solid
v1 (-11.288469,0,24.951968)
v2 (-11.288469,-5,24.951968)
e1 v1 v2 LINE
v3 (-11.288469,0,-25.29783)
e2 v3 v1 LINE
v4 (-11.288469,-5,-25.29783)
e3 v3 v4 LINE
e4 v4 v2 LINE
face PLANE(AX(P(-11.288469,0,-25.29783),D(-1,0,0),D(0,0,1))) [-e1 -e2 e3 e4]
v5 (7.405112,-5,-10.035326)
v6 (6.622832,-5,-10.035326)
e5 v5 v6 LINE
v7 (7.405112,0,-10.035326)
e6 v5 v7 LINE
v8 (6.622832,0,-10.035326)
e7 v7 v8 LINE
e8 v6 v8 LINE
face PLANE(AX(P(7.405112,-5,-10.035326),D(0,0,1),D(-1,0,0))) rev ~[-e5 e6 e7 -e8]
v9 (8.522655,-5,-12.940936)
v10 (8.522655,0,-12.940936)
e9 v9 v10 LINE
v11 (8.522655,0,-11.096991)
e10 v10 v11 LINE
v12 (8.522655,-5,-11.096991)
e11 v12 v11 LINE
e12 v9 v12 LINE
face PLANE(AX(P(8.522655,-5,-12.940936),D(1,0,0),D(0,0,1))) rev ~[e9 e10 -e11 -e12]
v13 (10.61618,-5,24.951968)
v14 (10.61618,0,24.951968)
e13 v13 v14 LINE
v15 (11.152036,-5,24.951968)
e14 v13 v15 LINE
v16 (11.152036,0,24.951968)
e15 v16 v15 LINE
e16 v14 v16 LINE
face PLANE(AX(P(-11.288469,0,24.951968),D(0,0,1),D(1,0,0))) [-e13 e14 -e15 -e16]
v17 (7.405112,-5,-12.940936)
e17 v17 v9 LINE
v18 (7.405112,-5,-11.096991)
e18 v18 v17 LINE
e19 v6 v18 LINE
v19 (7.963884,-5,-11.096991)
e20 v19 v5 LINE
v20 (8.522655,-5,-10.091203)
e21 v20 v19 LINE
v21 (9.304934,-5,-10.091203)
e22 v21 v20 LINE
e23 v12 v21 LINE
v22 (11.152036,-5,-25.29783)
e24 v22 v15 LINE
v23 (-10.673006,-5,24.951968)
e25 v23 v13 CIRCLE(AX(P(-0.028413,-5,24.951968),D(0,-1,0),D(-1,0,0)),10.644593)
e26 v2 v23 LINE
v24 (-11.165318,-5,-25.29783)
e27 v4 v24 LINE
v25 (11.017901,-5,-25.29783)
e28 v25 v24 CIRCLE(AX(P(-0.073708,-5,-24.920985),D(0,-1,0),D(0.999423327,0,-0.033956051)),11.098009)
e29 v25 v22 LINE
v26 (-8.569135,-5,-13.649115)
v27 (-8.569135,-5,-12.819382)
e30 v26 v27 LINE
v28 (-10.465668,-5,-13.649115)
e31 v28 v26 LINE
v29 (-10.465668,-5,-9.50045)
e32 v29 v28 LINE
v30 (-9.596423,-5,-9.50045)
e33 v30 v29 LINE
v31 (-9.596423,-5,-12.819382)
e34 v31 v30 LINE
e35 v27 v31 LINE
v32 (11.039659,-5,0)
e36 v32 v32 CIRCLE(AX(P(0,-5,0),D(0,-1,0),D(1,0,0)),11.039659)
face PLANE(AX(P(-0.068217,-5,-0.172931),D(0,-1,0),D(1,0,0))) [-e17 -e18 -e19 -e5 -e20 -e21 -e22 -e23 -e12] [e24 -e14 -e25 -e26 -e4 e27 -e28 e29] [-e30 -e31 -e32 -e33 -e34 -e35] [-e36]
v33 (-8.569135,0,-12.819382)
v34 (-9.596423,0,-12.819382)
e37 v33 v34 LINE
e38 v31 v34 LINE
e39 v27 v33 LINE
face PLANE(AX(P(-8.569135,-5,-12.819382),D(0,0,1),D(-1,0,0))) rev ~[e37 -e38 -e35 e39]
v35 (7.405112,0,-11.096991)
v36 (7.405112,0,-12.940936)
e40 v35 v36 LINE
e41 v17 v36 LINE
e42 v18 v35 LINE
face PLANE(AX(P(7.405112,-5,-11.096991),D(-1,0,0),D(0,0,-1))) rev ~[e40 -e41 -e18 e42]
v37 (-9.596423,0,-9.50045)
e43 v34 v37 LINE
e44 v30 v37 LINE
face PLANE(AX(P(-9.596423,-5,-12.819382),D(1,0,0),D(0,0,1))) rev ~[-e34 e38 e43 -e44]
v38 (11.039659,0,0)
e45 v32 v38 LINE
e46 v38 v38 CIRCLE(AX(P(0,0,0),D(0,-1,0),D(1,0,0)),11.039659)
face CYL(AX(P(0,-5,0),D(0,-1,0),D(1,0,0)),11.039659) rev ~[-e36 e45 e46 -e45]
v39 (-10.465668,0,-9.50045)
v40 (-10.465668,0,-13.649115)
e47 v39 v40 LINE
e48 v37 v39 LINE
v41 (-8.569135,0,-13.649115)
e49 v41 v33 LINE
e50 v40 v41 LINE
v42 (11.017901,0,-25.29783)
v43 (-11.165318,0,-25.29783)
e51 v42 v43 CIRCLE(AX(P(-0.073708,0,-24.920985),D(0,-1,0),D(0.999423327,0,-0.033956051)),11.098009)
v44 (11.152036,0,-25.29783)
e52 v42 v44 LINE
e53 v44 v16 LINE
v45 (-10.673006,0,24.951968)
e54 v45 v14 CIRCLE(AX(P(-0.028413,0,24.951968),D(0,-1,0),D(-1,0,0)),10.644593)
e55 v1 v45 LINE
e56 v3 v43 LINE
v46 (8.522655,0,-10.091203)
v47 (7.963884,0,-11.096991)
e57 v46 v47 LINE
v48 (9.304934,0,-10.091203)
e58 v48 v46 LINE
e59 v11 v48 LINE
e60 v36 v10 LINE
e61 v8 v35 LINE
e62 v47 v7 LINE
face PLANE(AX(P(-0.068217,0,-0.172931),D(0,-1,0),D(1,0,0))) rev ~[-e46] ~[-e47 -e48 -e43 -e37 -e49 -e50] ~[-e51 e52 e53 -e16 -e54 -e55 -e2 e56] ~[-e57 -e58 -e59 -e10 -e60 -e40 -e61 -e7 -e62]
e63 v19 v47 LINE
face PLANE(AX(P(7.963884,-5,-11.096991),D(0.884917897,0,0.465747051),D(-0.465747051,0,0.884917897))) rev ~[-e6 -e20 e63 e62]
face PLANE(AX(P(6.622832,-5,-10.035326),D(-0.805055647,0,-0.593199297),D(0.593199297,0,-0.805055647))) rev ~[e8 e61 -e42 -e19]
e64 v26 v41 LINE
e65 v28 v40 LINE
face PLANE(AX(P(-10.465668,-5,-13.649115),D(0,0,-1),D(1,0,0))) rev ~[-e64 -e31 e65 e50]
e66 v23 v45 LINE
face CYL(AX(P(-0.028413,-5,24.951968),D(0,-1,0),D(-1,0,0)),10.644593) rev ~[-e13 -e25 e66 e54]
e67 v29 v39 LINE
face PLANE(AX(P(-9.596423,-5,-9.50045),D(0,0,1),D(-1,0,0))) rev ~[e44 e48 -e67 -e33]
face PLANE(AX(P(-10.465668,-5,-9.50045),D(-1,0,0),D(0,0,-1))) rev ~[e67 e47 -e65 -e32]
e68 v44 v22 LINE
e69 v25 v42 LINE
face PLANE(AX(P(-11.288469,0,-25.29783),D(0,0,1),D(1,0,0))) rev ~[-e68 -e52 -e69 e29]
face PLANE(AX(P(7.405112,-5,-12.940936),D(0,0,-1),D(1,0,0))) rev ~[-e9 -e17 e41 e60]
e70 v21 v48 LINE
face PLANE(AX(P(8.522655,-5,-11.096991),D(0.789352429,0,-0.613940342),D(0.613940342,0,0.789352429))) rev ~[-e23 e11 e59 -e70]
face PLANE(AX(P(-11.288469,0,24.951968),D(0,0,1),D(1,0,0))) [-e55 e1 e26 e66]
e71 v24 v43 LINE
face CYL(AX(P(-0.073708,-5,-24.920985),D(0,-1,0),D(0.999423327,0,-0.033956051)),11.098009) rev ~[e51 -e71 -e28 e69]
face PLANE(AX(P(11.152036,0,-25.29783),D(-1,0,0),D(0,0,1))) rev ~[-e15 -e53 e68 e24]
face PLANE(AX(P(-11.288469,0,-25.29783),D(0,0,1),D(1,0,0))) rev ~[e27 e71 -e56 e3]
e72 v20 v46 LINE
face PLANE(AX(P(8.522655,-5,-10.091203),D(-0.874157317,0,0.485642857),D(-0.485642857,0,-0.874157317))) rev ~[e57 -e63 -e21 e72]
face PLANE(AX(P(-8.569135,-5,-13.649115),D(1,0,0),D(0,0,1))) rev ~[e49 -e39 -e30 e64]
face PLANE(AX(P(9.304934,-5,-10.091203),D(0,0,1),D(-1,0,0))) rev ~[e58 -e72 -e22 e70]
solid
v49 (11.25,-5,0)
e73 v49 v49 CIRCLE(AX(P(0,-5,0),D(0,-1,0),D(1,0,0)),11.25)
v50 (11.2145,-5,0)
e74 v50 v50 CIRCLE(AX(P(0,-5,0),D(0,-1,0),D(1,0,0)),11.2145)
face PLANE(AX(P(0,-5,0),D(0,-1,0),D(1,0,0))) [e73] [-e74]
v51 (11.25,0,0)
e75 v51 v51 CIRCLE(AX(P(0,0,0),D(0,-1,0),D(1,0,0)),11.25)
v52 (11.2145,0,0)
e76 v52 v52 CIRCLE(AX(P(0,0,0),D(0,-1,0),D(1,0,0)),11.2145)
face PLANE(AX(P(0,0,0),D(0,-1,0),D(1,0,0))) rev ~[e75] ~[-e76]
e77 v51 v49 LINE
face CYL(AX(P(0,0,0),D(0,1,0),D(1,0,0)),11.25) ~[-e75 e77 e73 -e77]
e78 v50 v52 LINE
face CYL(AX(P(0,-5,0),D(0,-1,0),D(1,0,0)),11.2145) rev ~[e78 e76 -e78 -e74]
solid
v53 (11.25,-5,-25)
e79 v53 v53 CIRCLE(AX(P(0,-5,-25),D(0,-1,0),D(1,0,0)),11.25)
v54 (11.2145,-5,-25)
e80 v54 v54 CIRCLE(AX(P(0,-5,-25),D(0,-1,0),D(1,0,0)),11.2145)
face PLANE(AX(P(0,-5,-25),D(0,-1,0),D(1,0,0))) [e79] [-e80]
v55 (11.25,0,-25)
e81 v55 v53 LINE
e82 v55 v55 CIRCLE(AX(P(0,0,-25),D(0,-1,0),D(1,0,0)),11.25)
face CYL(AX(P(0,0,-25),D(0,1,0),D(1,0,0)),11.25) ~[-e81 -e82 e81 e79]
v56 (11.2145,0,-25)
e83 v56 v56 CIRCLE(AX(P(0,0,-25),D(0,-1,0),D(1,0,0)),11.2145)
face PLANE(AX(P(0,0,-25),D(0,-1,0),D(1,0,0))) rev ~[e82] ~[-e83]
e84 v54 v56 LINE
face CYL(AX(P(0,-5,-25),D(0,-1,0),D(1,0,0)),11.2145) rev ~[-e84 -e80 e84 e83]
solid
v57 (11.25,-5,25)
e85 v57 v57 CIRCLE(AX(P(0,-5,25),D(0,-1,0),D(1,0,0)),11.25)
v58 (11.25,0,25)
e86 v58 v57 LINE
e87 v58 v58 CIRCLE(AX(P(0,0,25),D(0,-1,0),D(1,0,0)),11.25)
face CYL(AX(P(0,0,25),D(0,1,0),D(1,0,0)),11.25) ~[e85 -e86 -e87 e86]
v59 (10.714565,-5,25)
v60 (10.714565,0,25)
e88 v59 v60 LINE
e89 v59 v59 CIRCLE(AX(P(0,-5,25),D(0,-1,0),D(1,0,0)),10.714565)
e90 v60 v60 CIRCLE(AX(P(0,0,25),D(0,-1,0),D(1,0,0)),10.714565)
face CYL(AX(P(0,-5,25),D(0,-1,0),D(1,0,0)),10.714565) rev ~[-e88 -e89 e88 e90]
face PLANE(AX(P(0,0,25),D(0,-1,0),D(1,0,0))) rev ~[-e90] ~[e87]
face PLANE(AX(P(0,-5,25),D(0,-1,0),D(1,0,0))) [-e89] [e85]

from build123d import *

# Parameters (mm, degrees)
F0_R      = 11.25
F1_DEPTH  = 5
F2_R      = 10.714565
F3_DEPTH  = 25
F4_R      = 11.2145
F5_DEPTH  = 25
F6_R      = 11.2145
F7_DEPTH  = 25
F8_W      = 22.440505
F8_H      = 50.249798
F9_DEPTH  = 5
F11_DEPTH = 25
F12_R     = 11.039659
F13_DEPTH = 25
F15_DEPTH = 25
F17_DEPTH = 25
F19_DEPTH = 25


with BuildPart() as f1:
    # F0 (on Front) → F1 (new body)
    with BuildSketch(Plane.XZ):
        with Locations((0, 25)):
            Circle(F0_R)
        Circle(F0_R)
        with Locations((0, -25)):
            Circle(F0_R)
    extrude(amount=F1_DEPTH)

    # F2 (on face) → F3 (cut)
    with BuildSketch(Plane.XZ.offset(5)):
        with Locations((0, 25)):
            Circle(F2_R)
    extrude(amount=-F3_DEPTH, mode=Mode.SUBTRACT)

    # F4 (on face) → F5 (cut)
    with BuildSketch(Plane.XZ.offset(5)):
        Circle(F4_R)
    extrude(amount=-F5_DEPTH, mode=Mode.SUBTRACT)

    # F6 (on face) → F7 (cut)
    with BuildSketch(Plane.XZ.offset(5)):
        with Locations((0, -25)):
            Circle(F6_R)
    extrude(amount=-F7_DEPTH, mode=Mode.SUBTRACT)


with BuildPart() as f9:
    # F8 (on Front) → F9 (new body)
    with BuildSketch(Plane.XZ):
        with Locations((-0.068217, -0.172931)):
            Rectangle(F8_W, F8_H)
    extrude(amount=F9_DEPTH)

    # F10 (on face) → F11 (cut)
    with BuildSketch(Plane.XZ.offset(5)):
        with BuildLine():
            Line((10.61618, 24.951968), (-10.673006, 24.951968))
            ThreePointArc((-10.673006, 24.951968), (-0.028413, 14.307375), (10.61618, 24.951968))
        make_face()
    extrude(amount=-F11_DEPTH, mode=Mode.SUBTRACT)

    # F12 (on face) → F13 (cut)
    with BuildSketch(Plane.XZ.offset(5)):
        Circle(F12_R)
    extrude(amount=-F13_DEPTH, mode=Mode.SUBTRACT)

    # F14 (on face) → F15 (cut)
    with BuildSketch(Plane.XZ.offset(5)):
        with BuildLine():
            Line((-11.165318, -25.29783), (11.017901, -25.29783))
            ThreePointArc((11.017901, -25.29783), (-0.073709, -13.822976), (-11.165318, -25.29783))
        make_face()
    extrude(amount=-F15_DEPTH, mode=Mode.SUBTRACT)

    # F16 (on face) → F17 (cut)
    with BuildSketch(Plane.XZ.offset(5)):
        Polygon((-9.596423, -9.50045), (-10.465668, -9.50045), (-10.465668, -13.649115), (-8.569135, -13.649115), (-8.569135, -12.819382), (-9.596423, -12.819382), align=None)
    extrude(amount=-F17_DEPTH, mode=Mode.SUBTRACT)

    # F18 (on face) → F19 (cut)
    with BuildSketch(Plane.XZ.offset(5)):
        Polygon((7.405112, -10.035326), (6.622832, -10.035326), (7.405112, -11.096991), (7.405112, -12.940936), (8.522655, -12.940936), (8.522655, -11.096991), (9.304934, -10.091203), (8.522655, -10.091203), (7.963884, -11.096991), align=None)
    extrude(amount=-F19_DEPTH, mode=Mode.SUBTRACT)


solid = Compound([f1.part, f9.part])
